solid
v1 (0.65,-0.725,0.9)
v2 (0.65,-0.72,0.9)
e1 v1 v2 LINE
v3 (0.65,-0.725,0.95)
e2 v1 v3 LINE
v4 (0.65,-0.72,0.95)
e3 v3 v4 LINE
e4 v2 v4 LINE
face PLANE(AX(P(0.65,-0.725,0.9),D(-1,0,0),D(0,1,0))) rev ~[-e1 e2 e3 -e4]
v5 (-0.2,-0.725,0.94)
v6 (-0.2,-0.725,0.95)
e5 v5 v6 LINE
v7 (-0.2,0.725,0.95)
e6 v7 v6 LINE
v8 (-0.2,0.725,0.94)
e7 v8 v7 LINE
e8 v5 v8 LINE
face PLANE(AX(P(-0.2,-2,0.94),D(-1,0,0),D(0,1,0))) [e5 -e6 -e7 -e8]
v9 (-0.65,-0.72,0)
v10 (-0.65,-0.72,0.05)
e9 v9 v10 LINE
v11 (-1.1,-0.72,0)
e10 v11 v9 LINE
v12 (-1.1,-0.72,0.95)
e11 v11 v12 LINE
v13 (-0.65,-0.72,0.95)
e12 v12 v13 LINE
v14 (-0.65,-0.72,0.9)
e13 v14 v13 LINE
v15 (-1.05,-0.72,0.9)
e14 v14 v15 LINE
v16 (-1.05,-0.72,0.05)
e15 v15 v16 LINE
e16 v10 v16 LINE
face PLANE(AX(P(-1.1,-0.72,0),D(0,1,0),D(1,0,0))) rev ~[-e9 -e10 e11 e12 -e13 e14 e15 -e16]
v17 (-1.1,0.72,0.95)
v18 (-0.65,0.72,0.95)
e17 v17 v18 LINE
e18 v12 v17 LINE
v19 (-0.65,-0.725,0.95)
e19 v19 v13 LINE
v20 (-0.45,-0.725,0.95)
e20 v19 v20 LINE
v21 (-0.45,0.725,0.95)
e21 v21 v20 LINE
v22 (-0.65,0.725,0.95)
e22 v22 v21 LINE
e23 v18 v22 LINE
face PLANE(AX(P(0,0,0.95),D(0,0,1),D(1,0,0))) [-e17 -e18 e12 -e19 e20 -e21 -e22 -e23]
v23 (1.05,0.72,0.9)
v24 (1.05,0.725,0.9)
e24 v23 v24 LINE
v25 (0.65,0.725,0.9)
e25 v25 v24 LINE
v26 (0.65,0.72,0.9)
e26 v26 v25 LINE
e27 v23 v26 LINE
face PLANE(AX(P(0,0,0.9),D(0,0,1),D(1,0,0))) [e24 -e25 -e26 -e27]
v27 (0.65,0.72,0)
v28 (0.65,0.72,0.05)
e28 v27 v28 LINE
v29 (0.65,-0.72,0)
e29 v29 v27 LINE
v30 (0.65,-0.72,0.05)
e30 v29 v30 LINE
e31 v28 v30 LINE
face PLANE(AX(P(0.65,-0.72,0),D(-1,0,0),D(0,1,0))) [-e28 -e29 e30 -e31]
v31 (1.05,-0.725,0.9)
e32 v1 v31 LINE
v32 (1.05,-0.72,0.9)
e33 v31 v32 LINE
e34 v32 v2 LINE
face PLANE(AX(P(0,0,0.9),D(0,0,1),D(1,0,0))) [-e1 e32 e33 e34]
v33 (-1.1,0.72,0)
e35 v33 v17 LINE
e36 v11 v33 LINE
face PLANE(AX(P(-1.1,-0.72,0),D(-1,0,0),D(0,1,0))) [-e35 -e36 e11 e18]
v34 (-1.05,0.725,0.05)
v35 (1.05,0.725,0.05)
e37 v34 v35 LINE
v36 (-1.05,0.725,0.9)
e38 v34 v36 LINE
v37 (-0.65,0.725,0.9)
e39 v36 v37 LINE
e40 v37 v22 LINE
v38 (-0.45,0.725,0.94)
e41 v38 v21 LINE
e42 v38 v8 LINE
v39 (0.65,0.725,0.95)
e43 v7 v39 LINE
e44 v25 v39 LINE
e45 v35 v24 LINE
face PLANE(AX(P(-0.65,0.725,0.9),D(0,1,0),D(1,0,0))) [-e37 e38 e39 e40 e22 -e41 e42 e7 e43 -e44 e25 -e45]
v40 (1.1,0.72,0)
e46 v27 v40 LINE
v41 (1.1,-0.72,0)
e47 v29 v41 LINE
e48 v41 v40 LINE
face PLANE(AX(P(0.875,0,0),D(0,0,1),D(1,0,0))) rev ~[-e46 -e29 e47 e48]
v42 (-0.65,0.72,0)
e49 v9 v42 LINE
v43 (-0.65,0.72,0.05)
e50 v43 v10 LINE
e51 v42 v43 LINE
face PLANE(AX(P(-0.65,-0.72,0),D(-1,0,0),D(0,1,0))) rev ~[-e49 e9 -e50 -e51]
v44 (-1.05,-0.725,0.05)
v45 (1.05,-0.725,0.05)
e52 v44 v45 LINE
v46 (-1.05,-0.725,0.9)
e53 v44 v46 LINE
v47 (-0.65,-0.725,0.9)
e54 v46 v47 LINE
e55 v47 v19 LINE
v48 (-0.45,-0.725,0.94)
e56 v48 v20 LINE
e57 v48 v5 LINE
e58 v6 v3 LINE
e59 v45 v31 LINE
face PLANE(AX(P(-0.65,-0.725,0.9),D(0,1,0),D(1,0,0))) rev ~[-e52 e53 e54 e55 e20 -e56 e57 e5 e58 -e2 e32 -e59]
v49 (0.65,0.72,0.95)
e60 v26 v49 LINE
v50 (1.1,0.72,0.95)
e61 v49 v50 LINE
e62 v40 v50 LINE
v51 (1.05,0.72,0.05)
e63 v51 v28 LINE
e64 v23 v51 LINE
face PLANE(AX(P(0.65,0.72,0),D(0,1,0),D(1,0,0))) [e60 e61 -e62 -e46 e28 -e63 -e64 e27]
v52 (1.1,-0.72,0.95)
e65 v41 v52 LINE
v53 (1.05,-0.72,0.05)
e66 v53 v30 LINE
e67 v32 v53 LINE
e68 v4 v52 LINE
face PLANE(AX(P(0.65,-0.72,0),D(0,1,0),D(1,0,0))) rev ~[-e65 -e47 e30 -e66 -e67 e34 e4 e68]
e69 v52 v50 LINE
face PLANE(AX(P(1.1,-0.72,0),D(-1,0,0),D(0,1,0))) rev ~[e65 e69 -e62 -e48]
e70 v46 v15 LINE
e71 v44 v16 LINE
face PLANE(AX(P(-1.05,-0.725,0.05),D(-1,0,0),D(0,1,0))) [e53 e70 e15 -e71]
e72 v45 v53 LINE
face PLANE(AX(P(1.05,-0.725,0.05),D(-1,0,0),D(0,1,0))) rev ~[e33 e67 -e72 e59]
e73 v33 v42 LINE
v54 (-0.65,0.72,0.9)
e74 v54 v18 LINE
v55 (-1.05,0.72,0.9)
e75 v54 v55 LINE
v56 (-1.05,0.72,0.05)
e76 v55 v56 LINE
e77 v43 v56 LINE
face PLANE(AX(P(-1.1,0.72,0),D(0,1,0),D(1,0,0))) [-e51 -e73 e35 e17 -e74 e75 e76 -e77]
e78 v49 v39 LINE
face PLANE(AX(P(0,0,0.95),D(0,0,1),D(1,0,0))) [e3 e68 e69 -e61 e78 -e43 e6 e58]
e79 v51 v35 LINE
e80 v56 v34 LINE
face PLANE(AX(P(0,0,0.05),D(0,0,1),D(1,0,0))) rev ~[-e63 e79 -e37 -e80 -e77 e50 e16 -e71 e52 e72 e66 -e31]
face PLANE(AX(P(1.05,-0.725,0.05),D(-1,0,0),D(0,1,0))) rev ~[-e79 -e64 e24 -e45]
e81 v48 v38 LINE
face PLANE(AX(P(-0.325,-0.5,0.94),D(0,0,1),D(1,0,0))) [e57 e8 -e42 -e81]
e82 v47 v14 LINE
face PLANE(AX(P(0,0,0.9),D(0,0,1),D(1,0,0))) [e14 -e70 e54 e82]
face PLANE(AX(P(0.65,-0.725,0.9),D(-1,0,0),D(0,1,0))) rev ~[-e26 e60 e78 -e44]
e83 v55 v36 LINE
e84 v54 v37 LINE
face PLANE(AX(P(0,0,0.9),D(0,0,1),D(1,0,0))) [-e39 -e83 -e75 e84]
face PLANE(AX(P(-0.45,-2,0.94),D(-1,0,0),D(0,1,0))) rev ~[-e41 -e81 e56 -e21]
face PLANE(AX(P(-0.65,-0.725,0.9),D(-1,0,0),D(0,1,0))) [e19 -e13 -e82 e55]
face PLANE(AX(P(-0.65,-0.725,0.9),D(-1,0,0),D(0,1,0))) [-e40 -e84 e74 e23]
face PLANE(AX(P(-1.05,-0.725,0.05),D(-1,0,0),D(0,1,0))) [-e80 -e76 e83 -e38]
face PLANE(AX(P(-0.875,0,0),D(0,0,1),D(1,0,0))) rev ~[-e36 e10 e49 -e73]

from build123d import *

# Parameters (mm, degrees)
PLATING_LEFT_W      = 0.45
PLATING_LEFT_H      = 1.44
PLATING_LEFT_DEPTH  = 0.95
PLATING_RIGHT_W     = 0.45
PLATING_RIGHT_H     = 1.44
PLATING_RIGHT_DEPTH = 0.95
BOX_W               = 0.25
BOX_H               = 3
BOX_DEPTH           = 3
MARKING_W           = 1.3
MARKING_H           = 1.45
MARKING_DEPTH       = 0.05
CHIP_W              = 2.1
CHIP_H              = 1.45
CHIP_DEPTH          = 0.85


with BuildPart() as plating_left:
    # plating_left → plating_left (new body)
    with BuildSketch(Plane(origin=(-1.1, -0.72, 0), x_dir=(1, 0, 0), z_dir=(0, 0, 1))):
        with Locations((0.225, 0.72)):
            Rectangle(PLATING_LEFT_W, PLATING_LEFT_H)
    extrude(amount=PLATING_LEFT_DEPTH)


with BuildPart() as plating_right:
    # plating_right → plating_right (new body)
    with BuildSketch(Plane(origin=(0.65, -0.72, 0), x_dir=(1, 0, 0), z_dir=(0, 0, 1))):
        with Locations((0.225, 0.72)):
            Rectangle(PLATING_RIGHT_W, PLATING_RIGHT_H)
    extrude(amount=PLATING_RIGHT_DEPTH)


with BuildPart() as box:
    # Box → Box (new body)
    with BuildSketch(Plane(origin=(-0.45, -2, 0.94), x_dir=(1, 0, 0), z_dir=(0, 0, 1))):
        with Locations((0.125, 1.5)):
            Rectangle(BOX_W, BOX_H)
    extrude(amount=BOX_DEPTH)


with BuildPart() as cut:
    # marking → marking (new body)
    with BuildSketch(Plane(origin=(-0.65, -0.725, 0.9), x_dir=(1, 0, 0), z_dir=(0, 0, 1))):
        with Locations((0.65, 0.725)):
            Rectangle(MARKING_W, MARKING_H)
    extrude(amount=MARKING_DEPTH)

    # Cut: cut Box
    add(box.part, mode=Mode.SUBTRACT)


with BuildPart() as dio_chip:
    # chip → chip (new body)
    with BuildSketch(Plane(origin=(-1.05, -0.725, 0.05), x_dir=(1, 0, 0), z_dir=(0, 0, 1))):
        with Locations((1.05, 0.725)):
            Rectangle(CHIP_W, CHIP_H)
    extrude(amount=CHIP_DEPTH)

    # Fusion: union plating_left, plating_right, Cut
    add(plating_left.part)
    add(plating_right.part)
    add(cut.part)


solid = dio_chip.part
